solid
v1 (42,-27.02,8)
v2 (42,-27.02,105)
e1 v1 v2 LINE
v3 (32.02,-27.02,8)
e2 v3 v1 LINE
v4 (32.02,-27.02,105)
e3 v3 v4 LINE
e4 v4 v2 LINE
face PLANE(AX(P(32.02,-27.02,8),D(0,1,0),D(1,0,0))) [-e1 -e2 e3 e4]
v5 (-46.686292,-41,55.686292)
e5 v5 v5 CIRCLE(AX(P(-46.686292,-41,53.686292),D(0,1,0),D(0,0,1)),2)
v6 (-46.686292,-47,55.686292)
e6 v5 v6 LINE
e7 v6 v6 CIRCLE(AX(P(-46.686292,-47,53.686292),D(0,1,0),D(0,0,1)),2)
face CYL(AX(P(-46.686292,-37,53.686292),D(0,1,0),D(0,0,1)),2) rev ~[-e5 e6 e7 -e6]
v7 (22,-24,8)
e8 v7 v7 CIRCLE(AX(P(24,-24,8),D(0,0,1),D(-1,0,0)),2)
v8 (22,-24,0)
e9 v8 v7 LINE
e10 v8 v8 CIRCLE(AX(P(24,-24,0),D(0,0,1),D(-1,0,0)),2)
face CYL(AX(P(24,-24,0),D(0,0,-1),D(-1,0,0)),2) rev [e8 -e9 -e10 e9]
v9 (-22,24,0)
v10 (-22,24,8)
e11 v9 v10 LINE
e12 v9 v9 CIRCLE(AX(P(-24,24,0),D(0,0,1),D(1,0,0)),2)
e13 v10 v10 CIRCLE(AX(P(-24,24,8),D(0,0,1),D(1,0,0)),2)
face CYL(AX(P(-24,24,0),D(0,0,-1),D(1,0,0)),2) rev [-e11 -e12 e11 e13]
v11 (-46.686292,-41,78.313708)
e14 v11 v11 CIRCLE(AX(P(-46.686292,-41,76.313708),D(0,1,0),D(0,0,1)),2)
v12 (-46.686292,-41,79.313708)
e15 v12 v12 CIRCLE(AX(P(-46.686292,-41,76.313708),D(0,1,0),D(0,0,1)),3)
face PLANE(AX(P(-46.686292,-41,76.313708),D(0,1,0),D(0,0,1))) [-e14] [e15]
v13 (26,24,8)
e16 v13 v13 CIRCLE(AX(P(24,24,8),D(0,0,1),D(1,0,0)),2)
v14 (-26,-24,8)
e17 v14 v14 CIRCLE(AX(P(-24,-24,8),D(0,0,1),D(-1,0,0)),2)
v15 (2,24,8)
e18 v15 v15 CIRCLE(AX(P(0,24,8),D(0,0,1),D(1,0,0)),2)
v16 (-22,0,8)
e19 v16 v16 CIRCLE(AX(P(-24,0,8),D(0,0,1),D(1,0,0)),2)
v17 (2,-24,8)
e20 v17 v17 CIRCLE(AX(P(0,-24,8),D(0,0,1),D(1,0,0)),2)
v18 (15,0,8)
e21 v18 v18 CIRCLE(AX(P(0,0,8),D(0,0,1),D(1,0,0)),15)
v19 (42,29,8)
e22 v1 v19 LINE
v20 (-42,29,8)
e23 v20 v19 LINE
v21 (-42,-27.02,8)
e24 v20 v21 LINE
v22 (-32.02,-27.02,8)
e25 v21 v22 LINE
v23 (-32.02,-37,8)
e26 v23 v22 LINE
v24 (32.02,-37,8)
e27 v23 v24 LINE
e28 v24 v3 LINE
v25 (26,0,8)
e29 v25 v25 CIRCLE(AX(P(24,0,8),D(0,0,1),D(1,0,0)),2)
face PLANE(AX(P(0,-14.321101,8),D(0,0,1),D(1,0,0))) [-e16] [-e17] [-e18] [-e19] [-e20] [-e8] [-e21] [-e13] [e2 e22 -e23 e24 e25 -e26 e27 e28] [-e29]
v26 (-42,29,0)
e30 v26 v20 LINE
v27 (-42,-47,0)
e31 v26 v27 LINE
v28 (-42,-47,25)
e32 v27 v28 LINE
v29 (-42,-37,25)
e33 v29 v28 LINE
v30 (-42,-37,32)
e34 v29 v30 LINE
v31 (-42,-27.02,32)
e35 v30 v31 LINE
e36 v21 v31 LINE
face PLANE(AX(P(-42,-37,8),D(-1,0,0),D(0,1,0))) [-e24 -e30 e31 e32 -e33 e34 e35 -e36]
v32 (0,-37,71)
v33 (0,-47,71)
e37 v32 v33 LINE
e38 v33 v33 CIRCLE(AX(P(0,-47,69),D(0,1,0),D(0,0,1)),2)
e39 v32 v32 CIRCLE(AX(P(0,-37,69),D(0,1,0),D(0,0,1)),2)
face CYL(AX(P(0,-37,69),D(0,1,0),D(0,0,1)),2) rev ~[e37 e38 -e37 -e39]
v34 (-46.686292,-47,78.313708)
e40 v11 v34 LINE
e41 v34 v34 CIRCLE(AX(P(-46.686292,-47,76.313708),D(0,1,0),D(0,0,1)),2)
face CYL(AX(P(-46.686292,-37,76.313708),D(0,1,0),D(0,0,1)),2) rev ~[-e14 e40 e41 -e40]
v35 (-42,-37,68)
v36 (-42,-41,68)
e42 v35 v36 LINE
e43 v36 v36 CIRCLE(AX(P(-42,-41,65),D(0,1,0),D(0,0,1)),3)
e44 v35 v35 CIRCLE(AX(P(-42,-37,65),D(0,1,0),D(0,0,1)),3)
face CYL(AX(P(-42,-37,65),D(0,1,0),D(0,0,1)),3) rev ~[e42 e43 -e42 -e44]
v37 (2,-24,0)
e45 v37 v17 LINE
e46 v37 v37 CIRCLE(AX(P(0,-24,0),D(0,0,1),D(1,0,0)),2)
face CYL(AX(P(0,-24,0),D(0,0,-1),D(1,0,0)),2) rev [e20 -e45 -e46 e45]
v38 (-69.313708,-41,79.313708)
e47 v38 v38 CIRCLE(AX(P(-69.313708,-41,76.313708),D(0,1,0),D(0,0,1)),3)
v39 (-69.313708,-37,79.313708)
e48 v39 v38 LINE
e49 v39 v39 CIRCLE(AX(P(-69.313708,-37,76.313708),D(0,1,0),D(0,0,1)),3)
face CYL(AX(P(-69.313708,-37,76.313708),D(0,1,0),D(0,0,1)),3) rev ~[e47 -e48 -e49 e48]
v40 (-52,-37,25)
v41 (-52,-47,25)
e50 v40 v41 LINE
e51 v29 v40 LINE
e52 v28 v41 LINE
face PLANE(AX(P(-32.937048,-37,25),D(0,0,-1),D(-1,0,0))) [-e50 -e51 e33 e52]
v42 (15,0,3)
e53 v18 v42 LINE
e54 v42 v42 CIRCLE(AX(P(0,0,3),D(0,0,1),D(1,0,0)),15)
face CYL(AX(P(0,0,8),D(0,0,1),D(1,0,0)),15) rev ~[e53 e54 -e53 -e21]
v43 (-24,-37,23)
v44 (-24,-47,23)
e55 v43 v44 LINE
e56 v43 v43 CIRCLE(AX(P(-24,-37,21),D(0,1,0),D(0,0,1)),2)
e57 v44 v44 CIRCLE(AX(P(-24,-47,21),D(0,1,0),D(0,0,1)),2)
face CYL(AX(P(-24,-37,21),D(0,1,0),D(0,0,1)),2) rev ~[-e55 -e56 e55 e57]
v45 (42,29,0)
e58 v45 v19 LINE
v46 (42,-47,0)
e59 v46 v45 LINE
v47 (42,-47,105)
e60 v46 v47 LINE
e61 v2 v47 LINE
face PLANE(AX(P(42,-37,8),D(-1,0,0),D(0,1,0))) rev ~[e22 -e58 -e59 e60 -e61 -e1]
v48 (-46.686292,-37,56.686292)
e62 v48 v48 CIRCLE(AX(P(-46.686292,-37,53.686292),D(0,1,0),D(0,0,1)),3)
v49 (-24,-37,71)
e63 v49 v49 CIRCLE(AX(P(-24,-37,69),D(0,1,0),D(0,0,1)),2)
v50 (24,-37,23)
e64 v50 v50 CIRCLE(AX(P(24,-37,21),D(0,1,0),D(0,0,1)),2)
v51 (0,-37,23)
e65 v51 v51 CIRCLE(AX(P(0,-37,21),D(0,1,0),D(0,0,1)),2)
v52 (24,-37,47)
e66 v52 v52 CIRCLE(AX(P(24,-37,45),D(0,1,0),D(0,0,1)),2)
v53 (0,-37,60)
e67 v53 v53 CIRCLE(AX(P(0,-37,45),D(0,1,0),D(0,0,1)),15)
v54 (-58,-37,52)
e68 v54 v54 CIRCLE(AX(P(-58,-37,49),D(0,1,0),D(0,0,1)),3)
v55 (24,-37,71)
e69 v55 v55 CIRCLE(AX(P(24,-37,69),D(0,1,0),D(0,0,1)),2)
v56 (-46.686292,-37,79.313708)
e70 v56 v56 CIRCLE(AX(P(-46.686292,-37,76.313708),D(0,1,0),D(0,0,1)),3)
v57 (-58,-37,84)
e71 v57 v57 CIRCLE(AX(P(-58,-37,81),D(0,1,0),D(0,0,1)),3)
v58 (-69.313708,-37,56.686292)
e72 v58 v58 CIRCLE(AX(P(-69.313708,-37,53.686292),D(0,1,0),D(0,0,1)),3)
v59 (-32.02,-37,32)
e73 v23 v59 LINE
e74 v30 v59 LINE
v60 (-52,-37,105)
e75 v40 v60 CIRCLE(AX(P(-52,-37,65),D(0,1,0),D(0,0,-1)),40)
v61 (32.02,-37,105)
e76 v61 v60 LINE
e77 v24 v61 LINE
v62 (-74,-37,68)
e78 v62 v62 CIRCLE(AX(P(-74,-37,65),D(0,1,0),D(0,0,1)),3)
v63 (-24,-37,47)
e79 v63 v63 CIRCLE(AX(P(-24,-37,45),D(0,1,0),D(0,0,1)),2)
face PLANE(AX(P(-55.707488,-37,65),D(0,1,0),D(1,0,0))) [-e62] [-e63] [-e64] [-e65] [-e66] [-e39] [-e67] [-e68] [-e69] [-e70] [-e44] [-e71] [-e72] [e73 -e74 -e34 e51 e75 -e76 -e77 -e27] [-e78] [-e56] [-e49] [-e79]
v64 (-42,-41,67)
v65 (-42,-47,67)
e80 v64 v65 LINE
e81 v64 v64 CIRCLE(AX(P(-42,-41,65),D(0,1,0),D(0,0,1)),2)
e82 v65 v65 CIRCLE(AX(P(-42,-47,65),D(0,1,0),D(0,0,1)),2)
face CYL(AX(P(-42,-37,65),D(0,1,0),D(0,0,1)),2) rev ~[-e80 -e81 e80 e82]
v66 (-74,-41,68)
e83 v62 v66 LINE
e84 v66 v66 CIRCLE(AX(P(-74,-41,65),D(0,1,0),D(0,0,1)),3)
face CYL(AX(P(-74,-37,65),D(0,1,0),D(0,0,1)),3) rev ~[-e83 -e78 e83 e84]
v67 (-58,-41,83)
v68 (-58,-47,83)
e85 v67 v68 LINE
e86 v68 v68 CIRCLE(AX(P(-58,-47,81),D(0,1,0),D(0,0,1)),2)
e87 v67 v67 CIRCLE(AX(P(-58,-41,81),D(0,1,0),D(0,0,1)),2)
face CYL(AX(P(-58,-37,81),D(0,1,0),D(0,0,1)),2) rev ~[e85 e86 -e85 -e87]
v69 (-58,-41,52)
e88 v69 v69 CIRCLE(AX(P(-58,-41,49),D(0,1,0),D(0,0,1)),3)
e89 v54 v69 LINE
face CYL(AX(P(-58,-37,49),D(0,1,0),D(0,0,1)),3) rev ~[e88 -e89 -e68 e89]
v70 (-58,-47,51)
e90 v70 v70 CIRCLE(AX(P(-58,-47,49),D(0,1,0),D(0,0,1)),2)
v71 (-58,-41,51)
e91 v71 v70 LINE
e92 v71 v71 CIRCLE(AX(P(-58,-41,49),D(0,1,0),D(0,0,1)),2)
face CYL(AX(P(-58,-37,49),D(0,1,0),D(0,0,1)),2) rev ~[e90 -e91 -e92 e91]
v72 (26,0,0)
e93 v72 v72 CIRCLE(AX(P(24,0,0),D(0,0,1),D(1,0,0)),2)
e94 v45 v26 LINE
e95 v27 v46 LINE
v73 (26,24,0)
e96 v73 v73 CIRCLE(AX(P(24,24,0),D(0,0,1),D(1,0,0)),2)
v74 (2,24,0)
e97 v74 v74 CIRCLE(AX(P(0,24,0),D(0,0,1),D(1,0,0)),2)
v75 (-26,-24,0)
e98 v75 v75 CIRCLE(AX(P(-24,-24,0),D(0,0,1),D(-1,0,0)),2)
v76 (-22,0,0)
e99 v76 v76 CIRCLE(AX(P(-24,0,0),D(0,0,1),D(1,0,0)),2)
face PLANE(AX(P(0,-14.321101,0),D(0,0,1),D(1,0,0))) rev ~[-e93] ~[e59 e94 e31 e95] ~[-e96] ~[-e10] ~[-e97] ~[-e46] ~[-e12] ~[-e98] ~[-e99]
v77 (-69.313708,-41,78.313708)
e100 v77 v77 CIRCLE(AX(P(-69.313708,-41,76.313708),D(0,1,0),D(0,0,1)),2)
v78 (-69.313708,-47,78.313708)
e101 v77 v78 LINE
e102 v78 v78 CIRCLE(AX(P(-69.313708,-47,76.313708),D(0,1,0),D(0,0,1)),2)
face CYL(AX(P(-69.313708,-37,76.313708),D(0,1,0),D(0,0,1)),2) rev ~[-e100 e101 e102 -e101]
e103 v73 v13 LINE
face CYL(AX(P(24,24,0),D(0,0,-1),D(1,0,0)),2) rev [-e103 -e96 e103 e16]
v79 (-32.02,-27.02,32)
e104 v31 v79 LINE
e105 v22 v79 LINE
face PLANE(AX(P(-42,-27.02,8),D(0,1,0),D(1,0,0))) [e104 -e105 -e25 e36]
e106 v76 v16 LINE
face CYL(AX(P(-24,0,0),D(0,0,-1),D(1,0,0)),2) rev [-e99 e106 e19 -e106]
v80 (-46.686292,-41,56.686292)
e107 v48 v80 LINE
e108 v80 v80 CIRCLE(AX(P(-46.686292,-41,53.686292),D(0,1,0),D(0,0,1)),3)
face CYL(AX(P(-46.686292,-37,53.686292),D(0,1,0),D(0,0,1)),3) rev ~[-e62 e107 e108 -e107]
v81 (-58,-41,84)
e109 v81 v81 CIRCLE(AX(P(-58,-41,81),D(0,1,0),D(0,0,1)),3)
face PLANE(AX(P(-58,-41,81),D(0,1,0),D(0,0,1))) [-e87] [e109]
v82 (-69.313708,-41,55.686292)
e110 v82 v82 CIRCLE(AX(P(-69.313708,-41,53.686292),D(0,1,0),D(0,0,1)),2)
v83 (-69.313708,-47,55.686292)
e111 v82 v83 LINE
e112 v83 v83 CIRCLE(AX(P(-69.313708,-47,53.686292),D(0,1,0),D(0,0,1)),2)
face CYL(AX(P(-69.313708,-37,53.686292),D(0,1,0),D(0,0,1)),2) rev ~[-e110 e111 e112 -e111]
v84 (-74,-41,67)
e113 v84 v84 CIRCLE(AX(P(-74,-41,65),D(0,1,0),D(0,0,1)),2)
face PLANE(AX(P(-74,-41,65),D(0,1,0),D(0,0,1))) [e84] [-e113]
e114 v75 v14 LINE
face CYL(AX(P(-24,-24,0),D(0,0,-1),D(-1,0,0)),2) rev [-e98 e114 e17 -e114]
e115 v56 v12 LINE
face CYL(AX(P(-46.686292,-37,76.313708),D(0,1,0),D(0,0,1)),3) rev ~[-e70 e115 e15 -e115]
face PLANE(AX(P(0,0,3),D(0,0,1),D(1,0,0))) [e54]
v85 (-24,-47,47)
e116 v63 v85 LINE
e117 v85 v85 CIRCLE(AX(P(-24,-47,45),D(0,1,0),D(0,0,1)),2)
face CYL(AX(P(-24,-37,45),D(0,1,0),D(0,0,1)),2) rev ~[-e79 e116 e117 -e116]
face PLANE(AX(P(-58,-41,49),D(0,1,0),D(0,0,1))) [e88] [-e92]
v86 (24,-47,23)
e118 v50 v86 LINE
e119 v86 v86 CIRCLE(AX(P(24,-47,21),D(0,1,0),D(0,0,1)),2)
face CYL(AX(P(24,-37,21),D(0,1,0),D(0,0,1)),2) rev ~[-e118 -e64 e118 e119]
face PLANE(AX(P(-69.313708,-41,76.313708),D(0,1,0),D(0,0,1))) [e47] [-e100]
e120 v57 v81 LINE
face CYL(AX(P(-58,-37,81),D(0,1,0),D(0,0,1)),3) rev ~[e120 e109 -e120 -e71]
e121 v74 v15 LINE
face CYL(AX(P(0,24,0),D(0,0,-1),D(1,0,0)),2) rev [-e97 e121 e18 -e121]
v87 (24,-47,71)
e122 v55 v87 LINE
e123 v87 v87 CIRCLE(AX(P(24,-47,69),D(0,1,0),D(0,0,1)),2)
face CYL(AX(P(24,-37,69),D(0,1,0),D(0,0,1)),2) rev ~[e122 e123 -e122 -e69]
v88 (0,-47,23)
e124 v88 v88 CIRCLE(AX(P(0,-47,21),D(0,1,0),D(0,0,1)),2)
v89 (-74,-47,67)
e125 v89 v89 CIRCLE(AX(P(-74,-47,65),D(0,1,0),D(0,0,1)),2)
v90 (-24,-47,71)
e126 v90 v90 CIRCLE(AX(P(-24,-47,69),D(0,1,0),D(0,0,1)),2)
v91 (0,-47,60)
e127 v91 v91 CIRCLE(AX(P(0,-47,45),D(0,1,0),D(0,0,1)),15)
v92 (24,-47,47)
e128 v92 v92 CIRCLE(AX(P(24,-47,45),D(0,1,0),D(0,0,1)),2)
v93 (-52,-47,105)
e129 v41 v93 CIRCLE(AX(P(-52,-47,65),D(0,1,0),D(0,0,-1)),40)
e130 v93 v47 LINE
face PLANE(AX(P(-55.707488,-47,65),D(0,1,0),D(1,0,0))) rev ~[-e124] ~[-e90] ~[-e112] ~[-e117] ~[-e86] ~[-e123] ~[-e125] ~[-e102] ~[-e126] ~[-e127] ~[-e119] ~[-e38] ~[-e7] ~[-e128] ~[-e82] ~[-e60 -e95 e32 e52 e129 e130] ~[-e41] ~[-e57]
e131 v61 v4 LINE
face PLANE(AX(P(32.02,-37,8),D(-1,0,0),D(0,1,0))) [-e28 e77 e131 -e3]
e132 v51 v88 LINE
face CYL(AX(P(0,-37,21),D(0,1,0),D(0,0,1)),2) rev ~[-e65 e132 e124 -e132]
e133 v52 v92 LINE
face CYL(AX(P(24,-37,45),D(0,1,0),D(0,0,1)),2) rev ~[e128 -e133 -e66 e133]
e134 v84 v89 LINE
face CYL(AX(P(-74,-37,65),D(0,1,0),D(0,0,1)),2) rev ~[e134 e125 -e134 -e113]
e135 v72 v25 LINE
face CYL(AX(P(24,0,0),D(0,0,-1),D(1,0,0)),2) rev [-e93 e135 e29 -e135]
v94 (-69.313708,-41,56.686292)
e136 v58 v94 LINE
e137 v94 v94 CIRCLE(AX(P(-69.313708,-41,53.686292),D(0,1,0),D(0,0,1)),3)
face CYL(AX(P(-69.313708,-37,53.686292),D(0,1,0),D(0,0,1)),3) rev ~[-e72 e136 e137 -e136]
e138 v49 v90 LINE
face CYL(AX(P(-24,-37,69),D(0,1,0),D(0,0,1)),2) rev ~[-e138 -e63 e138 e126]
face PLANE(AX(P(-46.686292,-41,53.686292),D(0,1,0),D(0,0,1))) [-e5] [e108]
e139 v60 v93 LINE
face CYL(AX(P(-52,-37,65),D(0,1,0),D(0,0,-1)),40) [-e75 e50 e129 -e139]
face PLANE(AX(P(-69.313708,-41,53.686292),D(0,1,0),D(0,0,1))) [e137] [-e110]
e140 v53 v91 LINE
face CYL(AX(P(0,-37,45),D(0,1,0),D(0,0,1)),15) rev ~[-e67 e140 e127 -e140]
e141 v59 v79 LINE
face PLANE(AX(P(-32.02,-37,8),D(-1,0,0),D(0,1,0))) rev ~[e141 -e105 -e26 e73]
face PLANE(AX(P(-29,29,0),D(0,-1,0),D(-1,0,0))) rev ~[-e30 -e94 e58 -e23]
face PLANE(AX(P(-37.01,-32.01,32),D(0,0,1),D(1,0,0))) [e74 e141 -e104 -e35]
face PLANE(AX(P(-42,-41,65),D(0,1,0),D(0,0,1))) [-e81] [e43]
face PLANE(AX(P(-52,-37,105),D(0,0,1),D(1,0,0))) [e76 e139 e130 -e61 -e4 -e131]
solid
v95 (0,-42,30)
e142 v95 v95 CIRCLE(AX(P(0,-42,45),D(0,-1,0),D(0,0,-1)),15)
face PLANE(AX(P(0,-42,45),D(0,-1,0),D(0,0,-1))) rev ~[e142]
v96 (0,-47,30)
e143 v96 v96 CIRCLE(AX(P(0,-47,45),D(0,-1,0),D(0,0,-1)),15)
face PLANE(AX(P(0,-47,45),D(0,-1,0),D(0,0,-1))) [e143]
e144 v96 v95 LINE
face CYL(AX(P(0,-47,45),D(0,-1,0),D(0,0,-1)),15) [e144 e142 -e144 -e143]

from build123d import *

# Parameters (mm, degrees)
SKETCH1_W            = 58
SKETCH1_H            = 58
SKETCH1_R            = 2
BOSS_EXTRUDE1_DEPTH  = 8
SKETCH13_R           = 15
CUT_EXTRUDE5_DEPTH   = 5
BOSS_EXTRUDE7_DEPTH  = 8
SKETCH21_W           = 84
SKETCH21_H           = 10
BOSS_EXTRUDE8_DEPTH  = 114
SKETCH22_W           = 9.98
SKETCH22_H           = 9.98
BOSS_EXTRUDE9_DEPTH  = 114
BOSS_EXTRUDE10_DEPTH = 10
SKETCH27_W           = 84
SKETCH27_H           = 17
CUT_EXTRUDE9_DEPTH   = 160.865568526
SKETCH28_R           = 2
CUT_EXTRUDE10_DEPTH  = 155.418263169
SKETCH29_R           = 3
CUT_EXTRUDE11_DEPTH  = 4
SKETCH31_W           = 9.98
SKETCH31_H           = 9.98
BOSS_EXTRUDE11_DEPTH = 24
SKETCH36_R           = 2
SKETCH36_R_2         = 15
CUT_EXTRUDE12_DEPTH  = 20
SKETCH37_R           = 15
BOSS_EXTRUDE12_DEPTH = 5


with BuildPart() as part:
    # Sketch1 → Boss-Extrude1 (new body)
    with BuildSketch(Plane.XY):
        Rectangle(SKETCH1_W, SKETCH1_H)
        with Locations((0, 24)):
            Circle(SKETCH1_R, mode=Mode.SUBTRACT)
        with Locations((-24, 24)):
            Circle(SKETCH1_R, mode=Mode.SUBTRACT)
        with Locations((24, 0)):
            Circle(SKETCH1_R, mode=Mode.SUBTRACT)
        with Locations((0, -24)):
            Circle(SKETCH1_R, mode=Mode.SUBTRACT)
        with Locations((-24, 0)):
            Circle(SKETCH1_R, mode=Mode.SUBTRACT)
        with Locations(Location((24, -24, 0), (0, 0, 180))):
            Circle(SKETCH1_R, mode=Mode.SUBTRACT)
        with Locations((24, 24)):
            Circle(SKETCH1_R, mode=Mode.SUBTRACT)
        with Locations(Location((-24, -24, 0), (0, 0, 180))):
            Circle(SKETCH1_R, mode=Mode.SUBTRACT)
    extrude(amount=BOSS_EXTRUDE1_DEPTH)

    # Sketch13 → Cut-Extrude5 (cut)
    with BuildSketch(Plane.XY.offset(8)):
        Circle(SKETCH13_R)
    extrude(amount=-CUT_EXTRUDE5_DEPTH, mode=Mode.SUBTRACT)

    # Sketch15 → Boss-Extrude7 (add)
    with BuildSketch(Plane.XY):
        Polygon((29, -29), (-29, -29), (-29, 29), (-42, 29), (-42, -29), (-42, -47), (42, -47), (42, -29), (42, 29), (29, 29), align=None)
    extrude(amount=BOSS_EXTRUDE7_DEPTH)

    # Sketch21 → Boss-Extrude8 (add)
    with BuildSketch(Plane.XY.offset(8)):
        with Locations((0, -42)):
            Rectangle(SKETCH21_W, SKETCH21_H)
    extrude(amount=BOSS_EXTRUDE8_DEPTH)

    # Sketch22 → Boss-Extrude9 (add)
    with BuildSketch(Plane.XY.offset(8)):
        with Locations((37.01, -32.01)):
            Rectangle(SKETCH22_W, SKETCH22_H)
    extrude(amount=BOSS_EXTRUDE9_DEPTH)

    # Sketch23 → Boss-Extrude10 (add)
    with BuildSketch(Plane(origin=(0, -37, 0), x_dir=(1, 0, 0), z_dir=(0, 1, 0))):
        with BuildLine():
            Line((-52, -105), (-32.937047874, -105))
            Line((-32.937047874, -105), (-32.937047874, -25))
            Line((-32.937047874, -25), (-52, -25))
            ThreePointArc((-52, -25), (-92, -65), (-52, -105))
        make_face()
    extrude(amount=-BOSS_EXTRUDE10_DEPTH)

    # Sketch27 → Cut-Extrude9 (cut, through all)
    with BuildSketch(Plane(origin=(0, 0, 0), x_dir=(1, 0, 0), z_dir=(0, 1, 0))):
        with Locations((0, -113.5)):
            Rectangle(SKETCH27_W, SKETCH27_H)
    extrude(amount=-CUT_EXTRUDE9_DEPTH, mode=Mode.SUBTRACT)

    # Sketch28 → Cut-Extrude10 (cut, through all)
    with BuildSketch(Plane(origin=(0, -37, 0), x_dir=(1, 0, 0), z_dir=(0, 1, 0))):
        with Locations(Location((-42, -65, 0), (0, 0, 270))):
            Circle(SKETCH28_R)
        with Locations(Location((-46.686291501, -76.313708499, 0), (0, 0, 270))):
            Circle(SKETCH28_R)
        with Locations(Location((-58, -81, 0), (0, 0, 270))):
            Circle(SKETCH28_R)
        with Locations(Location((-69.313708499, -76.313708499, 0), (0, 0, 270))):
            Circle(SKETCH28_R)
        with Locations(Location((-74, -65, 0), (0, 0, 270))):
            Circle(SKETCH28_R)
        with Locations(Location((-69.313708499, -53.686291501, 0), (0, 0, 270))):
            Circle(SKETCH28_R)
        with Locations(Location((-58, -49, 0), (0, 0, 270))):
            Circle(SKETCH28_R)
        with Locations(Location((-46.686291501, -53.686291501, 0), (0, 0, 270))):
            Circle(SKETCH28_R)
    extrude(amount=-CUT_EXTRUDE10_DEPTH, mode=Mode.SUBTRACT)

    # Sketch29 → Cut-Extrude11 (cut)
    with BuildSketch(Plane(origin=(0, -37, 0), x_dir=(1, 0, 0), z_dir=(0, 1, 0))):
        with Locations(Location((-58, -49, 0), (0, 0, 270))):
            Circle(SKETCH29_R)
        with Locations(Location((-46.686291501, -53.686291501, 0), (0, 0, 270))):
            Circle(SKETCH29_R)
        with Locations(Location((-42, -65, 0), (0, 0, 270))):
            Circle(SKETCH29_R)
        with Locations(Location((-46.686291501, -76.313708499, 0), (0, 0, 270))):
            Circle(SKETCH29_R)
        with Locations(Location((-58, -81, 0), (0, 0, 270))):
            Circle(SKETCH29_R)
        with Locations(Location((-69.313708499, -76.313708499, 0), (0, 0, 270))):
            Circle(SKETCH29_R)
        with Locations(Location((-74, -65, 0), (0, 0, 270))):
            Circle(SKETCH29_R)
        with Locations(Location((-69.313708499, -53.686291501, 0), (0, 0, 270))):
            Circle(SKETCH29_R)
    extrude(amount=-CUT_EXTRUDE11_DEPTH, mode=Mode.SUBTRACT)

    # Sketch31 → Boss-Extrude11 (add)
    with BuildSketch(Plane.XY.offset(8)):
        with Locations((-37.01, -32.01)):
            Rectangle(SKETCH31_W, SKETCH31_H)
    extrude(amount=BOSS_EXTRUDE11_DEPTH)

    # Sketch36 → Cut-Extrude12 (cut)
    with BuildSketch(Plane(origin=(0, -37, 0), x_dir=(1, 0, 0), z_dir=(0, 1, 0))):
        with Locations(Location((0, -21, 0), (0, 0, 270))):
            Circle(SKETCH36_R)
        with Locations(Location((24, -45, 0), (0, 0, 270))):
            Circle(SKETCH36_R)
        with Locations(Location((0, -69, 0), (0, 0, 270))):
            Circle(SKETCH36_R)
        with Locations(Location((-24, -45, 0), (0, 0, 270))):
            Circle(SKETCH36_R)
        with Locations(Location((-24, -21, 0), (0, 0, 270))):
            Circle(SKETCH36_R)
        with Locations(Location((24, -21, 0), (0, 0, 270))):
            Circle(SKETCH36_R)
        with Locations(Location((24, -69, 0), (0, 0, 270))):
            Circle(SKETCH36_R)
        with Locations(Location((-24, -69, 0), (0, 0, 270))):
            Circle(SKETCH36_R)
        with Locations(Location((0, -45, 0), (0, 0, 270))):
            Circle(SKETCH36_R_2)
    extrude(amount=-CUT_EXTRUDE12_DEPTH, mode=Mode.SUBTRACT)


with BuildPart() as body_2:
    # Sketch37 → Boss-Extrude12 (new body)
    with BuildSketch(Plane.XZ.offset(47)):
        with Locations(Location((0, 45, 0), (0, 0, 270))):
            Circle(SKETCH37_R)
    extrude(amount=-BOSS_EXTRUDE12_DEPTH)


solid = Compound([part.part, body_2.part])
